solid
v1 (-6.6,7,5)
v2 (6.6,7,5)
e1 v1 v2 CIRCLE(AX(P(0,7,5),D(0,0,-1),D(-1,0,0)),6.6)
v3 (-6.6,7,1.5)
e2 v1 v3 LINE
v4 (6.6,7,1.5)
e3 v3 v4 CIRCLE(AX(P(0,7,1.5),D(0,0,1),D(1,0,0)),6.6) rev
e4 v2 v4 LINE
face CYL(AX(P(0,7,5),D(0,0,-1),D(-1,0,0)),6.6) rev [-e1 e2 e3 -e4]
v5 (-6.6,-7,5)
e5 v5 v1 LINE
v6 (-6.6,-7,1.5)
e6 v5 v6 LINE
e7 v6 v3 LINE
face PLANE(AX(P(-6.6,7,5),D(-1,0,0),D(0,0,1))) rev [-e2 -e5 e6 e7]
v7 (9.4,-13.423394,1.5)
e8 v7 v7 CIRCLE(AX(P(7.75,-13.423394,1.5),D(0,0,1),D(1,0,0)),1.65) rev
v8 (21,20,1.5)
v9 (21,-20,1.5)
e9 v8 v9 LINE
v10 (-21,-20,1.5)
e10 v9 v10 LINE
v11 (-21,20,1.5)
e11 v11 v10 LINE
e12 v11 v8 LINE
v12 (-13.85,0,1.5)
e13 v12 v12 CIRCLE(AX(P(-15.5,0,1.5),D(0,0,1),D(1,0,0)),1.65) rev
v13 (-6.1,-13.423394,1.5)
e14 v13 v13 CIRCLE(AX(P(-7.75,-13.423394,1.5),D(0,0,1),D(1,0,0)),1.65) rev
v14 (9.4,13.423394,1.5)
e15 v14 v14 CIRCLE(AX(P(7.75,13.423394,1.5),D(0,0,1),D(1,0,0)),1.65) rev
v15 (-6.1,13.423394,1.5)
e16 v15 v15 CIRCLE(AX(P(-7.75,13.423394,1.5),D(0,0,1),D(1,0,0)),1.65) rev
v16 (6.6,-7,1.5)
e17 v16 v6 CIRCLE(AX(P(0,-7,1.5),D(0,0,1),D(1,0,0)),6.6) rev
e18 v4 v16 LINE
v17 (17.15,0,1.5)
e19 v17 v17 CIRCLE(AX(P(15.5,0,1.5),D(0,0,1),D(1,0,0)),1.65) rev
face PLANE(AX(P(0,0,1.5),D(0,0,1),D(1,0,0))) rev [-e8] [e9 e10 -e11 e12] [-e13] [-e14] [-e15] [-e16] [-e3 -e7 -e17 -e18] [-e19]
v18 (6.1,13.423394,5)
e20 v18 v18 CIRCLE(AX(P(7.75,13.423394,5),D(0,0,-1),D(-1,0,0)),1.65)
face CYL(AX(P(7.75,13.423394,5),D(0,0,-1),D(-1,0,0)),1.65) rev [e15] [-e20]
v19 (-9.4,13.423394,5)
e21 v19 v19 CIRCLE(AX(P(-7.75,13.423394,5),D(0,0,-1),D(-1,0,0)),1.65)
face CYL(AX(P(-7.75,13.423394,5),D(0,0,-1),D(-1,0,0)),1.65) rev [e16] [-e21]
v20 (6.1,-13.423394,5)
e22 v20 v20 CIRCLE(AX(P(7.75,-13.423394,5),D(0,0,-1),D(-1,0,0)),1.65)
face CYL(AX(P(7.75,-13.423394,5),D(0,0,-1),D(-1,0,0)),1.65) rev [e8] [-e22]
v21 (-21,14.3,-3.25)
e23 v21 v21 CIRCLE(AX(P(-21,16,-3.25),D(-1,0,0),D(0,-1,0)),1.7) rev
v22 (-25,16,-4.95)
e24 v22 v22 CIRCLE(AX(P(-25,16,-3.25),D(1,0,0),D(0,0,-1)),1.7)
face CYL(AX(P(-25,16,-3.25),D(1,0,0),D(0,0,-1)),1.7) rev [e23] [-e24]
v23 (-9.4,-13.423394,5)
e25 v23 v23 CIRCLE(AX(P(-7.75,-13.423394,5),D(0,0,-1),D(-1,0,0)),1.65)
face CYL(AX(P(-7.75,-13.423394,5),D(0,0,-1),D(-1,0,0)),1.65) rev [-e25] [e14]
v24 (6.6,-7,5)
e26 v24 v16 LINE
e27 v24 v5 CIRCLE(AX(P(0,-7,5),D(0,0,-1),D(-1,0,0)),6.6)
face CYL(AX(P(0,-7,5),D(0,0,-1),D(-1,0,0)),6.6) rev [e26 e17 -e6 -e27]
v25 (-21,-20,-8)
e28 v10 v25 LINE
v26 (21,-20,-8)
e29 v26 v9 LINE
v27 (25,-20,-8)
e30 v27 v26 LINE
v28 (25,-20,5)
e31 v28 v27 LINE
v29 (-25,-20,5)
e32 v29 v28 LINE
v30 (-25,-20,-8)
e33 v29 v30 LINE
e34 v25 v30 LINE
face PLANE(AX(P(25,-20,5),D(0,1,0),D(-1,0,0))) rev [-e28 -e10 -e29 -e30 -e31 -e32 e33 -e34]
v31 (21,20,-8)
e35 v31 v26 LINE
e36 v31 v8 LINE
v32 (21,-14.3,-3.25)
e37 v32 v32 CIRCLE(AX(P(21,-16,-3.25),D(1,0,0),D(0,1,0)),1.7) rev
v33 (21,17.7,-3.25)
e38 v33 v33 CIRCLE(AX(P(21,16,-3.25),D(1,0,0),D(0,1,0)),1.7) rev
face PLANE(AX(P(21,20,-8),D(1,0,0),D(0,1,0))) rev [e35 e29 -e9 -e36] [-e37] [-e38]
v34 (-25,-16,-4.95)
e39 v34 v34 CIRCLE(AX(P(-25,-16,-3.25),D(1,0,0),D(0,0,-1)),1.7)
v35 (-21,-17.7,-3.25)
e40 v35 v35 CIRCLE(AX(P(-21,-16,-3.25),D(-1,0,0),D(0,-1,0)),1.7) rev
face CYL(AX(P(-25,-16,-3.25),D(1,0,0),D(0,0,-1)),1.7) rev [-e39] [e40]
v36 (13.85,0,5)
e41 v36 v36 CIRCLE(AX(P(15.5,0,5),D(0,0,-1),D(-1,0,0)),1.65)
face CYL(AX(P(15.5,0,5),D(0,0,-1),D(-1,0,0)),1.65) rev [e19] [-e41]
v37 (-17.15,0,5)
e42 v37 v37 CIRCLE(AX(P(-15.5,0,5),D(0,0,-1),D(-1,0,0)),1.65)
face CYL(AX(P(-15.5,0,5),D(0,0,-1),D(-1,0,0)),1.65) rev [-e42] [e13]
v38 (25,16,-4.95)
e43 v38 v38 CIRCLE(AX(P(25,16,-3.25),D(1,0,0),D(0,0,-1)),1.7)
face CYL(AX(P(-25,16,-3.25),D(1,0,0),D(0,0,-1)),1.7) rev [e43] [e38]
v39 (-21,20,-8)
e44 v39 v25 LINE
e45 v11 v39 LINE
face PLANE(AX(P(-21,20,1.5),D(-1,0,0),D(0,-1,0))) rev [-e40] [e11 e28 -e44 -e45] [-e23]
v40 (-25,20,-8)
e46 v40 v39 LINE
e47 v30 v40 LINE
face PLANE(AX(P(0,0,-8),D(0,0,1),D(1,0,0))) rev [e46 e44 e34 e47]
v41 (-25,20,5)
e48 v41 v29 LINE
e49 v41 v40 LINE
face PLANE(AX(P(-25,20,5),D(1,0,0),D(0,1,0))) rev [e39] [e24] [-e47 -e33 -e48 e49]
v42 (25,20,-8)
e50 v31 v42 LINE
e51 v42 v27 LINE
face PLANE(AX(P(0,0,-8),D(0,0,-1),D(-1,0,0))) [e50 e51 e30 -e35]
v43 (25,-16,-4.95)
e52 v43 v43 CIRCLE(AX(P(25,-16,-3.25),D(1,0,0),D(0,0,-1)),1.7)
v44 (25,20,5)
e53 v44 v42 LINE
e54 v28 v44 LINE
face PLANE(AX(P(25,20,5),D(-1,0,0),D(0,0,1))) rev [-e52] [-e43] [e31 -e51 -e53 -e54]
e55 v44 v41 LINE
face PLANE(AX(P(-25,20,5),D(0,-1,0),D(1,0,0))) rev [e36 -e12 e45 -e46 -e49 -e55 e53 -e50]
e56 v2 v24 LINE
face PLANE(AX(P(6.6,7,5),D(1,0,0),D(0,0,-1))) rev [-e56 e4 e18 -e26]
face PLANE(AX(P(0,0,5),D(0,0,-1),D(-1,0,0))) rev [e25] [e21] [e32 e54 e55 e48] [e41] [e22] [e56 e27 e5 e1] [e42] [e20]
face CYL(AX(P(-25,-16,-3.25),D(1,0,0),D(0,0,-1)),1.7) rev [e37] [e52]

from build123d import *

# Parameters (mm, degrees)
SKETCH_1_W               = 50
SKETCH_1_H               = 40
EXTRUDE_1_DEPTH          = 5
SKETCH_2_W               = 6
SKETCH_2_H               = 40
EXTRUDE_2_DEPTH          = 8
SKETCH_3_R               = 1.65
CUT_EXTRUDE_1_DEPTH      = 6
SKETCH_4_W               = 38
SKETCH_4_H               = 40
CUT_EXTRUDE_2_DEPTH      = 1.5
SKETCH_6_R               = 1.7
CUT_EXTRUDE_3_DEPTH      = 45
CUT_EXTRUDE_3_DEPTH_BACK = 7
SKETCH_7_W               = 42
SKETCH_7_H               = 9.5
CUT_EXTRUDE_4_DEPTH      = 41


with BuildPart() as part:
    # 草图1 → 凸台-拉伸1 (new body)
    with BuildSketch(Plane.XY):
        Rectangle(SKETCH_1_W, SKETCH_1_H)
    extrude(amount=EXTRUDE_1_DEPTH)

    # 草图2 → 凸台-拉伸2 (add)
    with BuildSketch(Plane(origin=(0, 0, 0), x_dir=(-1, 0, 0), z_dir=(0, 0, -1))):
        with Locations((-22, 0)):
            Rectangle(SKETCH_2_W, SKETCH_2_H)
        with Locations((22, 0)):
            Rectangle(SKETCH_2_W, SKETCH_2_H)
    extrude(amount=EXTRUDE_2_DEPTH)

    # 草图3 → 切除-拉伸1 (cut, through all)
    with BuildSketch(Plane(origin=(0, 0, 0), x_dir=(-1, 0, 0), z_dir=(0, 0, -1))):
        with Locations((-15.5, 0)):
            Circle(SKETCH_3_R)
        with Locations((-7.75, 13.423393759)):
            Circle(SKETCH_3_R)
        with Locations((7.75, 13.423393759)):
            Circle(SKETCH_3_R)
        with Locations((15.5, 0)):
            Circle(SKETCH_3_R)
        with Locations((7.75, -13.423393759)):
            Circle(SKETCH_3_R)
        with Locations((-7.75, -13.423393759)):
            Circle(SKETCH_3_R)
        with BuildLine():
            Line((-6.6, 7), (-6.6, -7))
            ThreePointArc((-6.6, -7), (0, -13.6), (6.6, -7))
            Line((6.6, -7), (6.6, 7))
            ThreePointArc((6.6, 7), (0, 13.6), (-6.6, 7))
        make_face()
    extrude(amount=-CUT_EXTRUDE_1_DEPTH, mode=Mode.SUBTRACT)

    # 草图4 → 切除-拉伸2 (cut)
    with BuildSketch(Plane(origin=(0, 0, 0), x_dir=(-1, 0, 0), z_dir=(0, 0, -1))):
        Rectangle(SKETCH_4_W, SKETCH_4_H)
    extrude(amount=-CUT_EXTRUDE_2_DEPTH, mode=Mode.SUBTRACT)

    # 草图6 → 切除-拉伸3 (cut, two sides)
    with BuildSketch(Plane(origin=(-19, 0, 0), x_dir=(0, 0, -1), z_dir=(1, 0, 0))) as cut_extrude_3_sk:
        with Locations((3.25, 16)):
            Circle(SKETCH_6_R)
        with Locations((3.25, -16)):
            Circle(SKETCH_6_R)
    extrude(amount=CUT_EXTRUDE_3_DEPTH, mode=Mode.SUBTRACT)
    extrude(cut_extrude_3_sk.sketch, amount=-CUT_EXTRUDE_3_DEPTH_BACK, mode=Mode.SUBTRACT)

    # 草图7 → 切除-拉伸4 (cut, through all)
    with BuildSketch(Plane.XZ.offset(20)):
        with Locations((0, -3.25)):
            Rectangle(SKETCH_7_W, SKETCH_7_H)
    extrude(amount=-CUT_EXTRUDE_4_DEPTH, mode=Mode.SUBTRACT)


solid = part.part
